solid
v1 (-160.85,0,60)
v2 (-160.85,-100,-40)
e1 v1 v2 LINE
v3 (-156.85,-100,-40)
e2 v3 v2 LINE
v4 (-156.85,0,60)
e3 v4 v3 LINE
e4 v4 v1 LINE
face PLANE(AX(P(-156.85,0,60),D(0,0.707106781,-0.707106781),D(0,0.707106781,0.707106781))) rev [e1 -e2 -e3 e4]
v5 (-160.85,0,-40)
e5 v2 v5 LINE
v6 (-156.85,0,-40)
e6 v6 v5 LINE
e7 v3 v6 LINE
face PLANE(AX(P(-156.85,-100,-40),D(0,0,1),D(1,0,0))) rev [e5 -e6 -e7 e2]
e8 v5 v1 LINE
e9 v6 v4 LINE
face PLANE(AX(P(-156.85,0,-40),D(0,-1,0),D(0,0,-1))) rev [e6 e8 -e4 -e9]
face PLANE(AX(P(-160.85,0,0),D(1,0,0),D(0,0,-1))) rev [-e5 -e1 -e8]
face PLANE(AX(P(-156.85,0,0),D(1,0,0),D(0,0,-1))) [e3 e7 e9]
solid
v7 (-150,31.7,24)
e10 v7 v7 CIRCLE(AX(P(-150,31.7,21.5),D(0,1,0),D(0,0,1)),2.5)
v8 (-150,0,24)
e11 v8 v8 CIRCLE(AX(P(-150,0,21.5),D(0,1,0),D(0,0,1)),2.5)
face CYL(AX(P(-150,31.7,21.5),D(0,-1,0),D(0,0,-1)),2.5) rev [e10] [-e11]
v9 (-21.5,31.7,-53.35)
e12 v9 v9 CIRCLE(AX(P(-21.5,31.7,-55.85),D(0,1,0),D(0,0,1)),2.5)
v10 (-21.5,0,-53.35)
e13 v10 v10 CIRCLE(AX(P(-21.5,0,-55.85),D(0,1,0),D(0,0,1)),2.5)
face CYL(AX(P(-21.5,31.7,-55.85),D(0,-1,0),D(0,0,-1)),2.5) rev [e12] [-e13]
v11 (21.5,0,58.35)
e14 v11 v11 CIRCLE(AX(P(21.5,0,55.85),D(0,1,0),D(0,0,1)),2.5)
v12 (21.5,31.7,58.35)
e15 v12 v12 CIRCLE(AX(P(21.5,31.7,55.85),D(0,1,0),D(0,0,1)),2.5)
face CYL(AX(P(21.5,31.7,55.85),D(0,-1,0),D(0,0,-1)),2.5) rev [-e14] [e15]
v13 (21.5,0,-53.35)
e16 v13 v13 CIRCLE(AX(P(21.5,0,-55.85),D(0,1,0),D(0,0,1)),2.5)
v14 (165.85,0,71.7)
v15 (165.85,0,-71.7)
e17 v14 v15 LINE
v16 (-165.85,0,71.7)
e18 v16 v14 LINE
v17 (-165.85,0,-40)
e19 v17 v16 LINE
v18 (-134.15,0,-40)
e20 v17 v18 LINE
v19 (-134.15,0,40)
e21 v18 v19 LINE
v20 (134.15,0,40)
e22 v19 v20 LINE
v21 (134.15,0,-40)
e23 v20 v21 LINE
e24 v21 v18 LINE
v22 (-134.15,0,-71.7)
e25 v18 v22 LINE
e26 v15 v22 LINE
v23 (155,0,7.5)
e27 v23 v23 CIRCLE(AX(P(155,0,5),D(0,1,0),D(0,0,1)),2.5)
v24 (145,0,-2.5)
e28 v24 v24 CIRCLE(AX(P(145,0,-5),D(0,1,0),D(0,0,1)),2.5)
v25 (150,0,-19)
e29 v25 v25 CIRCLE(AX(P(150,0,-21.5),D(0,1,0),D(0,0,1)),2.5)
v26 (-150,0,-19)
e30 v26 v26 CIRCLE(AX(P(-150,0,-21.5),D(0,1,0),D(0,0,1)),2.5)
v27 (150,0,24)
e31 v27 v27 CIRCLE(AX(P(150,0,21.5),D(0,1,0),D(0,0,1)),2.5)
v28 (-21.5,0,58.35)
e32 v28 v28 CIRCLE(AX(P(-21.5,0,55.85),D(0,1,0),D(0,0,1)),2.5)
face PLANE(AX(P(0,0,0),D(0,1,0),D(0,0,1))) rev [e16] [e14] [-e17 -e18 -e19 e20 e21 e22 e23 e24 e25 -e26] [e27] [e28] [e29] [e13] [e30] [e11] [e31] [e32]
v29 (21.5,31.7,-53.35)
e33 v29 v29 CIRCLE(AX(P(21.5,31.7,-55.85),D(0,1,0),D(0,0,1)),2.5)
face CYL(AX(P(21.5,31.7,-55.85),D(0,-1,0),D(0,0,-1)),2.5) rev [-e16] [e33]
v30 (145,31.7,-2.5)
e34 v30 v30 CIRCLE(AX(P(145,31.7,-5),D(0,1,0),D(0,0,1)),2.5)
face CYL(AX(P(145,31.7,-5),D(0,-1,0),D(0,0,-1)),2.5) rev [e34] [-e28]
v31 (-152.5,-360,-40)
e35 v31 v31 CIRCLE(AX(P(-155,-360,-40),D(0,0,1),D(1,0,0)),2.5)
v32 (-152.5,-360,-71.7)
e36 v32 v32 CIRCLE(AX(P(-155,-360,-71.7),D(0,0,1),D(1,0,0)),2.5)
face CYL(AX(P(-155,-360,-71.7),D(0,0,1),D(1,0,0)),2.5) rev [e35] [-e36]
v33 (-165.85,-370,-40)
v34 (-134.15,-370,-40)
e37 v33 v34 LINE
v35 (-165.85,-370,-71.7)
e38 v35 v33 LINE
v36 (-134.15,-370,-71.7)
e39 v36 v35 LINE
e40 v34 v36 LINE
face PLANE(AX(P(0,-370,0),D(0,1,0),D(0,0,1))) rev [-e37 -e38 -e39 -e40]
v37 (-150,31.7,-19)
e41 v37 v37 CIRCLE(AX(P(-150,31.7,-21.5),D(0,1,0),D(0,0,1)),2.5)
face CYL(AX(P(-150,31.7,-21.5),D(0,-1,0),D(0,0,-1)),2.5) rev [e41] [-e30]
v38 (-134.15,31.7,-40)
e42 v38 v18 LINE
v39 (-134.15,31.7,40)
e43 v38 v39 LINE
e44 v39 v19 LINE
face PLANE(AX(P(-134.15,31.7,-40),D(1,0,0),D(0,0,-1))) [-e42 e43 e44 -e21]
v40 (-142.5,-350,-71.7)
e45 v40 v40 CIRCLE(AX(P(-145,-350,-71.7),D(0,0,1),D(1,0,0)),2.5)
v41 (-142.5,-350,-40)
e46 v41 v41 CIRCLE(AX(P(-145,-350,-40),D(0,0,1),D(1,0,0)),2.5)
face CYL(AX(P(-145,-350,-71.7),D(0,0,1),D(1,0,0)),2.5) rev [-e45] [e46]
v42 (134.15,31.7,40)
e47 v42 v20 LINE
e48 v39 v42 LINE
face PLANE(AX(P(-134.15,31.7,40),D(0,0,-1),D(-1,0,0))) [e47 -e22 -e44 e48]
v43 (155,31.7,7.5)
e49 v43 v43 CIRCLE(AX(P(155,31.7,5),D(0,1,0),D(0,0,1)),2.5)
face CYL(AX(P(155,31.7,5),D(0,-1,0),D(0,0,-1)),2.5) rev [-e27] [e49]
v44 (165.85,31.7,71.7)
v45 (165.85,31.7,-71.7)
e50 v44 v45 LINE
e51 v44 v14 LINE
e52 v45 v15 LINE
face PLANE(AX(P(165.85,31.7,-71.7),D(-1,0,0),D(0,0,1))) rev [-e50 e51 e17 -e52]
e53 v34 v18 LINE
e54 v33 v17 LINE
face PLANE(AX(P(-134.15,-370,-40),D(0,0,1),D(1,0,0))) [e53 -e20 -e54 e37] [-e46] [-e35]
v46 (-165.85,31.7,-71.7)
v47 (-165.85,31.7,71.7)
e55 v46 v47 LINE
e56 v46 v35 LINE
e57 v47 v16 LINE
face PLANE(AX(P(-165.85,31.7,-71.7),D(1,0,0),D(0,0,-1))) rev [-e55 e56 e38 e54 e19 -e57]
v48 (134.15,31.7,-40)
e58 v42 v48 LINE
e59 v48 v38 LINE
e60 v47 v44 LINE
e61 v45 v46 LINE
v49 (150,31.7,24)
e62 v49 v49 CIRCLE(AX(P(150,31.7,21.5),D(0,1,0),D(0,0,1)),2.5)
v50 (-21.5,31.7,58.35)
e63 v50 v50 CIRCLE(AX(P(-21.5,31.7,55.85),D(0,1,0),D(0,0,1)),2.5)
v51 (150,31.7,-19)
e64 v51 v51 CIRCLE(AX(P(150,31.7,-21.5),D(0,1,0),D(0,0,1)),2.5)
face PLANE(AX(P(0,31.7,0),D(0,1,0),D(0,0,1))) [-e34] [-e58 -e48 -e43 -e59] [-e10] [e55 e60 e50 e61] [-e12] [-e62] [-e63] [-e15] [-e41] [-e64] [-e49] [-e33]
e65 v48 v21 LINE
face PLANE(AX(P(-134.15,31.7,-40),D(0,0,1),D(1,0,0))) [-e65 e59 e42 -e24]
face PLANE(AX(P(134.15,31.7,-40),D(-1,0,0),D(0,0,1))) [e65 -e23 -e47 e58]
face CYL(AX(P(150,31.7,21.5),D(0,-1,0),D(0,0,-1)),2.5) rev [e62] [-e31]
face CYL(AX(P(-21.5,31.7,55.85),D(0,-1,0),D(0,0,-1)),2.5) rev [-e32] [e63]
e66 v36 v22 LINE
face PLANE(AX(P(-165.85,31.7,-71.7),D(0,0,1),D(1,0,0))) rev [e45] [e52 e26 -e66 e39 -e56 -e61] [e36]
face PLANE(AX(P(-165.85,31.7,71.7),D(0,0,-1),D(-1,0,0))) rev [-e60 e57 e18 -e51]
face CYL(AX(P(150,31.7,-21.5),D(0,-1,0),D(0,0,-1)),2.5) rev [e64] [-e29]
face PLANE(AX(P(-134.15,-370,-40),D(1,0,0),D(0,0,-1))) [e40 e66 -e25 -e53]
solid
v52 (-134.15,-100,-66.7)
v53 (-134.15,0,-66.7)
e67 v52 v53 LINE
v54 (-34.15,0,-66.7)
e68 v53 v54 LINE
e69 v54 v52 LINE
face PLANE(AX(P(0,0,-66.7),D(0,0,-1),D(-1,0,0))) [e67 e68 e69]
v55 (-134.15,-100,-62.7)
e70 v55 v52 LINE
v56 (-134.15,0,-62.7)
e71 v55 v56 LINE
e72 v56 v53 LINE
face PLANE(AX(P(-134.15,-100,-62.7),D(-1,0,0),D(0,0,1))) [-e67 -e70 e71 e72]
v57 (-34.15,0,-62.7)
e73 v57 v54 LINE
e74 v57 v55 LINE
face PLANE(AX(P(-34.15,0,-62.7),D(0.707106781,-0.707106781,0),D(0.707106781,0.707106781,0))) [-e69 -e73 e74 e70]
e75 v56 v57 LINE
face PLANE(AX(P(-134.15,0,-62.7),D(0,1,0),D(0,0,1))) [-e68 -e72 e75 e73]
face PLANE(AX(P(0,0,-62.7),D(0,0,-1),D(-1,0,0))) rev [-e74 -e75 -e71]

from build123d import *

# Parameters (mm, degrees)
ESBO_O1_W                = 331.7
ESBO_O1_H                = 143.4
RESSALTO_EXTRUS_O2_DEPTH = 31.7
ESBO_O3_W                = 268.3
ESBO_O3_H                = 80
CORTE_EXTRUS_O1_DEPTH    = 31.7
ESBO_O4_R                = 2.5
CORTE_EXTRUS_O2_DEPTH    = 31.7
ESBO_O6_W                = 31.7
ESBO_O6_H                = 31.7
RESSALTO_EXTRUS_O3_DEPTH = 370
ESBO_O7_R                = 2.5
CORTE_EXTRUS_O3_DEPTH    = 412.760989532
RESSALTO_EXTRUS_O4_DEPTH = 4
RESSALTO_EXTRUS_O5_DEPTH = 4


with BuildPart() as part:
    # Esboço1 → Ressalto-extrusão2 (new body)
    with BuildSketch(Plane(origin=(0, 0, 0), x_dir=(1, 0, 0), z_dir=(0, 1, 0))):
        Rectangle(ESBO_O1_W, ESBO_O1_H)
    extrude(amount=RESSALTO_EXTRUS_O2_DEPTH)

    # Esboço3 → Corte-extrusão1 (cut)
    with BuildSketch(Plane(origin=(0, 0, 0), x_dir=(1, 0, 0), z_dir=(0, 1, 0))):
        Rectangle(ESBO_O3_W, ESBO_O3_H)
    extrude(amount=CORTE_EXTRUS_O1_DEPTH, mode=Mode.SUBTRACT)

    # Esboço4 → Corte-extrusão2 (cut)
    with BuildSketch(Plane(origin=(0, 0, 0), x_dir=(1, 0, 0), z_dir=(0, 1, 0))):
        with Locations(Location((21.5, -55.85, 0), (0, 0, 270))):
            Circle(ESBO_O4_R)
        with Locations(Location((-21.5, -55.85, 0), (0, 0, 270))):
            Circle(ESBO_O4_R)
        with Locations(Location((21.5, 55.85, 0), (0, 0, 270))):
            Circle(ESBO_O4_R)
        with Locations(Location((-21.5, 55.85, 0), (0, 0, 270))):
            Circle(ESBO_O4_R)
        with Locations(Location((150, -21.5, 0), (0, 0, 270))):
            Circle(ESBO_O4_R)
        with Locations(Location((150, 21.5, 0), (0, 0, 270))):
            Circle(ESBO_O4_R)
        with Locations(Location((-150, 21.5, 0), (0, 0, 270))):
            Circle(ESBO_O4_R)
        with Locations(Location((-150, -21.5, 0), (0, 0, 270))):
            Circle(ESBO_O4_R)
        with Locations(Location((145, 5, 0), (0, 0, 270))):
            Circle(ESBO_O4_R)
        with Locations(Location((155, -5, 0), (0, 0, 270))):
            Circle(ESBO_O4_R)
    extrude(amount=CORTE_EXTRUS_O2_DEPTH, mode=Mode.SUBTRACT)

    # Esboço6 → Ressalto-extrusão3 (add)
    with BuildSketch(Plane(origin=(0, 0, 0), x_dir=(1, 0, 0), z_dir=(0, 1, 0))):
        with Locations((-150, 55.85)):
            Rectangle(ESBO_O6_W, ESBO_O6_H)
    extrude(amount=-RESSALTO_EXTRUS_O3_DEPTH)

    # Esboço7 → Corte-extrusão3 (cut, through all)
    with BuildSketch(Plane.XY):
        with Locations((-155, -360)):
            Circle(ESBO_O7_R)
        with Locations((-145, -350)):
            Circle(ESBO_O7_R)
    extrude(amount=-CORTE_EXTRUS_O3_DEPTH, mode=Mode.SUBTRACT)


with BuildPart() as body_2:
    # Esboço9 → Ressalto-extrusão4 (new body)
    with BuildSketch(Plane(origin=(-160.85, 0, 0), x_dir=(0, 0, 1), z_dir=(1, 0, 0))):
        Polygon((-40, 0), (60, 0), (-40, 100), align=None)
    extrude(amount=RESSALTO_EXTRUS_O4_DEPTH)


with BuildPart() as body_3:
    # Esboço10 → Ressalto-extrusão5 (new body)
    with BuildSketch(Plane(origin=(0, 0, -66.7), x_dir=(1, 0, 0), z_dir=(0, 0, -1))):
        Polygon((-134.15, 0), (-34.15, 0), (-134.15, 100), align=None)
    extrude(amount=-RESSALTO_EXTRUS_O5_DEPTH)


solid = Compound([part.part, body_2.part, body_3.part])
